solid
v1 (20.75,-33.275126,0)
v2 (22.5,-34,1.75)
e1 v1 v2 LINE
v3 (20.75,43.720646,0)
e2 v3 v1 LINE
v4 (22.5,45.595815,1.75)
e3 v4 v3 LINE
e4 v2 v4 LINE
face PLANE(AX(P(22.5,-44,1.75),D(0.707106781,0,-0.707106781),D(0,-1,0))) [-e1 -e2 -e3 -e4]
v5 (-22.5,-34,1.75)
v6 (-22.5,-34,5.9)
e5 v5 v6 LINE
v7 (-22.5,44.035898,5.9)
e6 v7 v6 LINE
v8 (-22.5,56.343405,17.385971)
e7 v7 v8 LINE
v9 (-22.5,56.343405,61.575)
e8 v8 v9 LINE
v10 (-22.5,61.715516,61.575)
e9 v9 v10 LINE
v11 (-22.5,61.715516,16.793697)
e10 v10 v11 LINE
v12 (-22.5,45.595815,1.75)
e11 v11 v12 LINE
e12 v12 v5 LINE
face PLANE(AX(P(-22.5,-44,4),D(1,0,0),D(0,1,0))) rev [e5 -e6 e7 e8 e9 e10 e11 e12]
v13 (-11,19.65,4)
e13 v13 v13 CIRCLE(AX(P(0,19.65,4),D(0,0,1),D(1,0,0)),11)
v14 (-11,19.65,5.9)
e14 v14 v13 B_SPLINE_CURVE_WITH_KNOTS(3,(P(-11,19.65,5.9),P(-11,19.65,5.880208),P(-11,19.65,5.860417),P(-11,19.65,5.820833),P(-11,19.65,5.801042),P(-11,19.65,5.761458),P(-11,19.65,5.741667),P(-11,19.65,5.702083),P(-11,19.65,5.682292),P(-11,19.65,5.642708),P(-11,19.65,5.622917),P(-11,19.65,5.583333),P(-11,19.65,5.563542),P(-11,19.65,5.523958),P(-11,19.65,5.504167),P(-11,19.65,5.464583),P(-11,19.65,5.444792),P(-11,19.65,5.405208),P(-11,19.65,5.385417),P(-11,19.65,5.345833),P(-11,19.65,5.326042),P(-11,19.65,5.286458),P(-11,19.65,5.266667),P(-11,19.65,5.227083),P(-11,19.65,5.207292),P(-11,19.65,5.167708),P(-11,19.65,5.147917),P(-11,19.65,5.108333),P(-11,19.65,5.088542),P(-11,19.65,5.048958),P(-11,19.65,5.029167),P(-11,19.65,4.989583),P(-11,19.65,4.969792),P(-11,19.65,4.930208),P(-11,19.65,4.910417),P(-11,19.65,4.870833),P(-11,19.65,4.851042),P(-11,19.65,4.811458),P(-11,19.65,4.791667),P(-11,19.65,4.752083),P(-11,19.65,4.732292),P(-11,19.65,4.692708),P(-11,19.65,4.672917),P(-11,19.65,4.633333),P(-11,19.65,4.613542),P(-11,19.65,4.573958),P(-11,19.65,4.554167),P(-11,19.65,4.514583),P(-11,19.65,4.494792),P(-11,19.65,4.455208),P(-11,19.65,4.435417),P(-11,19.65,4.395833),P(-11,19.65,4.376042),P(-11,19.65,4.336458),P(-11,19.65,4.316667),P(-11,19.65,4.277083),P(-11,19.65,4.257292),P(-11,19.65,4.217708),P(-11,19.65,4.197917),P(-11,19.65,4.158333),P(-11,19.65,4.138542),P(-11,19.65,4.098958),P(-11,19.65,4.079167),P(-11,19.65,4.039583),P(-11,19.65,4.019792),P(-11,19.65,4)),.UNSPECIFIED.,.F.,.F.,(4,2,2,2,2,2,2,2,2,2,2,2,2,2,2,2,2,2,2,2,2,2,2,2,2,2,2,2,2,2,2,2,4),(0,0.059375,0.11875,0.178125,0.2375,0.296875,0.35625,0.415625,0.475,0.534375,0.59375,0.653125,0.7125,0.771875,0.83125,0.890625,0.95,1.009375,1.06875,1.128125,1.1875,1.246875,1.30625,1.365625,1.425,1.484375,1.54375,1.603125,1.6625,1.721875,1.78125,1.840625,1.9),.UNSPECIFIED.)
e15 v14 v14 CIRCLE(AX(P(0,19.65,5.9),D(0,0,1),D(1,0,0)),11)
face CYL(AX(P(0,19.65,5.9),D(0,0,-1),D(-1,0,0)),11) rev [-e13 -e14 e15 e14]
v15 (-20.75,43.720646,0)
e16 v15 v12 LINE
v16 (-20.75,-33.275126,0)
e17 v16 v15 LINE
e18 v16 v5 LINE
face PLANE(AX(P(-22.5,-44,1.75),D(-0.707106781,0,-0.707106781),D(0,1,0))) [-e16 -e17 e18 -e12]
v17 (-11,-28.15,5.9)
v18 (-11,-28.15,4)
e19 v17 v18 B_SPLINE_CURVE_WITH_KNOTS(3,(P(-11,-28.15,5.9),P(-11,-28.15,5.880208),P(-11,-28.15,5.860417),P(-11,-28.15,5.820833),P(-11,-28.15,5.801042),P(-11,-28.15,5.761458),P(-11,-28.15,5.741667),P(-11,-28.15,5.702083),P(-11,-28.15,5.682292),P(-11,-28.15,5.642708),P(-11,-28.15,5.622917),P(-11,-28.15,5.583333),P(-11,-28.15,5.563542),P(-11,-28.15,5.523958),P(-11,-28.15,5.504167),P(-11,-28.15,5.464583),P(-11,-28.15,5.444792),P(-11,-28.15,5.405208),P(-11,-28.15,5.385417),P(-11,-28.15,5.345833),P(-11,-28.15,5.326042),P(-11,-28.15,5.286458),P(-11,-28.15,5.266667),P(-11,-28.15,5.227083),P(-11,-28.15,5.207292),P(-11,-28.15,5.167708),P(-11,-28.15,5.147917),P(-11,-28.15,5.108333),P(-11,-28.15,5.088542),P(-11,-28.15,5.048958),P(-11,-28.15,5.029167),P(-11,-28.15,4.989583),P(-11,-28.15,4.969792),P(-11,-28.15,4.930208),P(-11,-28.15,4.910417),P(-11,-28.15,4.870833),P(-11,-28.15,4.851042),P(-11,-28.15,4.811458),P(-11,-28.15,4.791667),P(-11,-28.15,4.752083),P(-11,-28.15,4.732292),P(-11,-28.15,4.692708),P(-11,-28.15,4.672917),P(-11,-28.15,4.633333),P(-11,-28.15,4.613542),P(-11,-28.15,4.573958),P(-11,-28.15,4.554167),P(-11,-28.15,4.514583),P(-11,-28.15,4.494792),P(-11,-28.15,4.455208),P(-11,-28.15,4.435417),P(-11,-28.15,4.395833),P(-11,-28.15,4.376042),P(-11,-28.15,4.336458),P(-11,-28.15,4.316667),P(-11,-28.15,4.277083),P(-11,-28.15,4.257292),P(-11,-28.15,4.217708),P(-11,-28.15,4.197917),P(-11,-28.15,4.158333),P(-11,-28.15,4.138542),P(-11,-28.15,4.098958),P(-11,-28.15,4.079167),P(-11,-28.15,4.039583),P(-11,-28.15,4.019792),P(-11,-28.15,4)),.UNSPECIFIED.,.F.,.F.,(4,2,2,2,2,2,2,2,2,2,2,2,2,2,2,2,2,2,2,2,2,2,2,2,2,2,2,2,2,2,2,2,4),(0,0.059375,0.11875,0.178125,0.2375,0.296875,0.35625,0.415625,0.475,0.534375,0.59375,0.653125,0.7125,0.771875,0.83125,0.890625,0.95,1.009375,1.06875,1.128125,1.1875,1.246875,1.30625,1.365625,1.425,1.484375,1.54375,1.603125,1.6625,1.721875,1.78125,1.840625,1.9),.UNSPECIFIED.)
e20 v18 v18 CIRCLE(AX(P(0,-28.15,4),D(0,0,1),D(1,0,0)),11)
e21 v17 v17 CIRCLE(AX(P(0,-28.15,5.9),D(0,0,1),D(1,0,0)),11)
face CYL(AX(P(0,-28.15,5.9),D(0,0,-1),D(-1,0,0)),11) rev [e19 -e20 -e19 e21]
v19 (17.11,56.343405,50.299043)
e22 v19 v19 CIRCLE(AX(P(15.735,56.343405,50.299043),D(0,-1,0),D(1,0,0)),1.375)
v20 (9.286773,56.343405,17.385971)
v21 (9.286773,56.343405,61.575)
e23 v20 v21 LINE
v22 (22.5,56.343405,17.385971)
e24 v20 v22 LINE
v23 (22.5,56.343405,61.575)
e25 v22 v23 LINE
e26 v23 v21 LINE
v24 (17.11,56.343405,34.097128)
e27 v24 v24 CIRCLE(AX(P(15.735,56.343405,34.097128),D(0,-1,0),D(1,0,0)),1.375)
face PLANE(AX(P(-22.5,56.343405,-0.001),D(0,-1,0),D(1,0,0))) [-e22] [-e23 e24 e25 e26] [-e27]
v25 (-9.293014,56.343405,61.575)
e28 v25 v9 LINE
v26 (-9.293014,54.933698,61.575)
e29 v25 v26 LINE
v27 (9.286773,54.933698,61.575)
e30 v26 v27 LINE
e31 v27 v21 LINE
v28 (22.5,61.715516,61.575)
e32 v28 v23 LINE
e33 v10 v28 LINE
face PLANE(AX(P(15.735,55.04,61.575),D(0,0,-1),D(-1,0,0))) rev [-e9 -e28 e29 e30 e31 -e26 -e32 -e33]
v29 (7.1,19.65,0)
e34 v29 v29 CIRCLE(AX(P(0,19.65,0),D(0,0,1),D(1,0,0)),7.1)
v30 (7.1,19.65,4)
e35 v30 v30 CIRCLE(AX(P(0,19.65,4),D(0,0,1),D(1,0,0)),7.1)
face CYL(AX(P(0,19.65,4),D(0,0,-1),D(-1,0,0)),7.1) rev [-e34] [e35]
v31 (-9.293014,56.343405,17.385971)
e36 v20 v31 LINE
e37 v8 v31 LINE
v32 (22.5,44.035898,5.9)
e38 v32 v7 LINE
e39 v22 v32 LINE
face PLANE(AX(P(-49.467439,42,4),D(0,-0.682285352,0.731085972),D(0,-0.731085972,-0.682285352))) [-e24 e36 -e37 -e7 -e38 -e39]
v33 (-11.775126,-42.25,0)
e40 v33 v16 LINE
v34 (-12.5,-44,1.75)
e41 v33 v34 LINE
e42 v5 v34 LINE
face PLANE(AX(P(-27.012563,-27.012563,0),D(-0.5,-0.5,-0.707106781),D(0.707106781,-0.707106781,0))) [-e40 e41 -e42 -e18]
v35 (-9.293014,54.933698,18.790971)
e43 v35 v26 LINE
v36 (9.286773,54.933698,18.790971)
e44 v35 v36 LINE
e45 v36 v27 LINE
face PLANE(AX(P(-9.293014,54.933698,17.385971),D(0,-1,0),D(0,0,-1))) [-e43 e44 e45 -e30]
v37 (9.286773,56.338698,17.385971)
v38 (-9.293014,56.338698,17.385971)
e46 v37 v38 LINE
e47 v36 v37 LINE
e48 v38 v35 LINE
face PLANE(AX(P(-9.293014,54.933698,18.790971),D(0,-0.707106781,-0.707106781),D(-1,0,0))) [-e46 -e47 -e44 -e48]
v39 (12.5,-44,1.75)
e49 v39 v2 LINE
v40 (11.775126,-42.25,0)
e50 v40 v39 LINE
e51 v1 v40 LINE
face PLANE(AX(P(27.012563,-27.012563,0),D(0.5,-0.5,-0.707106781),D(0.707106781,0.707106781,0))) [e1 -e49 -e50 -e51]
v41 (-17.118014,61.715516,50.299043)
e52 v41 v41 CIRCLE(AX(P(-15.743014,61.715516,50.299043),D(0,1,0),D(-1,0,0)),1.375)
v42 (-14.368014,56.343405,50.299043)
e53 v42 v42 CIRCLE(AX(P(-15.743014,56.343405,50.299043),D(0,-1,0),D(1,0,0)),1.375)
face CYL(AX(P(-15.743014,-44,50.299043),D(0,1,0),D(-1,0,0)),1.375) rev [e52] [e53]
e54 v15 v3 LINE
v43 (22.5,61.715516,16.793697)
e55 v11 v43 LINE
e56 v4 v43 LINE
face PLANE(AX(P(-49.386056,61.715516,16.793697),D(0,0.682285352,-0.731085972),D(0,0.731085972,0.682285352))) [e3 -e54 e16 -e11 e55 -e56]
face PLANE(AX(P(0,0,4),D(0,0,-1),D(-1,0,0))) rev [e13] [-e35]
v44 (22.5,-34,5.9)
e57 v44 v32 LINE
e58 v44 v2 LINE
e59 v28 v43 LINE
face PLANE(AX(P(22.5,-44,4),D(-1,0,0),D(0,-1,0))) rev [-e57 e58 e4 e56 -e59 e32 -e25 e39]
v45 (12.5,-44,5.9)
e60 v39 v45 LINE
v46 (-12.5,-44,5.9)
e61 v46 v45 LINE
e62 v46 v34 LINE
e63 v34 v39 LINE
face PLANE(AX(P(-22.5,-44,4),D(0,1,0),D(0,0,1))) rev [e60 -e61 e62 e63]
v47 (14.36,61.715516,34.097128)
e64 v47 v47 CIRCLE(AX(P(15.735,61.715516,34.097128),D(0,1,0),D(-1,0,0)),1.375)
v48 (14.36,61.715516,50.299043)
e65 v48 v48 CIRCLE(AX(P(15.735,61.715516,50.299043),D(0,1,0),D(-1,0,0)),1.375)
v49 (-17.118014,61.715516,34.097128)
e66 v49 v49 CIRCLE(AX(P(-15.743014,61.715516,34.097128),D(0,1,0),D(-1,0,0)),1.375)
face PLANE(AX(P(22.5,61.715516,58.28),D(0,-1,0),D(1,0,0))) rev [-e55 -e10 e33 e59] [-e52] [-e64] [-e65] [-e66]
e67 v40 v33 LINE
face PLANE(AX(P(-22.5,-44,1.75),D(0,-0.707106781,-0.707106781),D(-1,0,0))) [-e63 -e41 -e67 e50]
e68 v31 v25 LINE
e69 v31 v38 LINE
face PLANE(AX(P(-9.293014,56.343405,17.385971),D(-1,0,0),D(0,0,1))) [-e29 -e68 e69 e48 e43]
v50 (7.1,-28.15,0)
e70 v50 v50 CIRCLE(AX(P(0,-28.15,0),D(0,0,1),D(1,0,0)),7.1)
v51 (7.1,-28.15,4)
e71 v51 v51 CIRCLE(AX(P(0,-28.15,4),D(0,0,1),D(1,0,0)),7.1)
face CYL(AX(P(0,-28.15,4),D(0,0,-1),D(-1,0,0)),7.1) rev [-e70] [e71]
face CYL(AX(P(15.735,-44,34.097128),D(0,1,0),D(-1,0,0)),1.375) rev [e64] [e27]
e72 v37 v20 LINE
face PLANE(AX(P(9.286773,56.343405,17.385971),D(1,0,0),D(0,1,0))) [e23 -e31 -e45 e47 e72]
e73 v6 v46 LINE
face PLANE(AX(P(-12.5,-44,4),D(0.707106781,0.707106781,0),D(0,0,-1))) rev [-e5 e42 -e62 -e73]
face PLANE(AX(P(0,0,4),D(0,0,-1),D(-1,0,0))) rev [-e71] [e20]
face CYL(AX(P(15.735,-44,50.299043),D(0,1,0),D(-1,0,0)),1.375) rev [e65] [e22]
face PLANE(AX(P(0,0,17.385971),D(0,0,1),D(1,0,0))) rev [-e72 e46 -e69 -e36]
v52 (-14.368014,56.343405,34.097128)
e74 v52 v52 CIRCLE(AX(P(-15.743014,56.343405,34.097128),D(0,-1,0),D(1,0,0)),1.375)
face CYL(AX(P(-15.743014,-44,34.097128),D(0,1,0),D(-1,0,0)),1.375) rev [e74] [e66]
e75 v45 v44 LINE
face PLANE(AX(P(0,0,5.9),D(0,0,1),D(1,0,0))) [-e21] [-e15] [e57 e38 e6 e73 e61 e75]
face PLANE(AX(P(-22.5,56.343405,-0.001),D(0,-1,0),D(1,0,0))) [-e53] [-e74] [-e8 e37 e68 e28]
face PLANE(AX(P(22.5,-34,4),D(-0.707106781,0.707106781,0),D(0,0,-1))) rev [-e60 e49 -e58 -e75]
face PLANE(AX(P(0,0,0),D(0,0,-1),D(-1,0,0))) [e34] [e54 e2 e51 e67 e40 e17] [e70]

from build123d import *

# Parameters (mm, degrees)
SKETCH1_W                       = 45
SKETCH1_H                       = 86
SKETCH1_R                       = 7.1
BOSS_EXTRUDE1_DEPTH             = 4
BOSS_EXTRUDE2_DEPTH             = 45
SKETCH3_W                       = 45
SKETCH3_H                       = 5.372111066
BOSS_EXTRUDE3_DEPTH             = 40
BOSS_EXTRUDE3_DIRECTION_2_REACH = 70.185
SKETCH4_W                       = 45
SKETCH4_H                       = 5.372111066
BOSS_EXTRUDE4_DEPTH             = 3.295
SKETCH5_W                       = 18.57978737
SKETCH5_H                       = 1.409707481
BOSS_EXTRUDE5_DEPTH             = 44.189029
CHAMFER2_SIZE                   = 1.405
BOSS_EXTRUDE7_DEPTH             = 45
SKETCH8_R                       = 1.375
CUT_EXTRUDE1_DEPTH              = 125.392527932
CHAMFER3_SIZE                   = 10
CHAMFER4_SIZE                   = 1.75
SKETCH9_R                       = 11
SKETCH9_W                       = 45
SKETCH9_H                       = 4.475285766
BOSS_EXTRUDE8_DEPTH             = 1.9


with BuildPart() as part:
    # Sketch1 → Boss-Extrude1 (new body)
    with BuildSketch(Plane.XY):
        with Locations((0, -1)):
            Rectangle(SKETCH1_W, SKETCH1_H)
        with Locations((0, 19.65)):
            Circle(SKETCH1_R, mode=Mode.SUBTRACT)
        with Locations((0, -28.15)):
            Circle(SKETCH1_R, mode=Mode.SUBTRACT)
    extrude(amount=BOSS_EXTRUDE1_DEPTH)

    # Sketch2 → Boss-Extrude2 (add)
    with BuildSketch(Plane(origin=(22.5, 0, 0), x_dir=(0, 0, -1), z_dir=(1, 0, 0))):
        with BuildLine():
            Line((-4, 42), (-17.385970531, 56.343405204))
            add(Edge.make_bspline(
                [(-18.399488548, 61.71551627), (-17.964102111, 59.93301782), (-17.698797731, 58.135329436), (-17.385970531, 56.343405204)],
                knots=[0.068292811, 0.068292811, 0.068292811, 0.068292811, 0.115576408, 0.115576408, 0.115576408, 0.115576408], degree=3))
            Line((-18.399488548, 61.71551627), (0, 42))
            Line((0, 42), (-4, 42))
        make_face()
    extrude(amount=-BOSS_EXTRUDE2_DEPTH)

    # Sketch3 → Boss-Extrude3 (add)
    with BuildSketch(Plane.XY.offset(18.28)):
        with Locations((0, 59.029460737)):
            Rectangle(SKETCH3_W, SKETCH3_H)
    extrude(amount=BOSS_EXTRUDE3_DEPTH)

    # Sketch3 → Boss-Extrude3 direction 2 (add, up to next)
    with BuildSketch(Plane.XY.offset(18.28), mode=Mode.PRIVATE) as boss_extrude3_direction_2_sk1:
        with Locations((0, 59.029460737)):
            Rectangle(SKETCH3_W, SKETCH3_H)
    boss_extrude3_direction_2_tool1 = extrude(boss_extrude3_direction_2_sk1.sketch, amount=-BOSS_EXTRUDE3_DIRECTION_2_REACH, mode=Mode.PRIVATE) - part.part
    add(boss_extrude3_direction_2_tool1.solids().sort_by_distance((0, 59.029461, 18.28))[0])

    # Sketch4 → Boss-Extrude4 (add)
    with BuildSketch(Plane.XY.offset(58.28)):
        with Locations((0, 59.029460737)):
            Rectangle(SKETCH4_W, SKETCH4_H)
    extrude(amount=BOSS_EXTRUDE4_DEPTH)

    # Sketch5 → Boss-Extrude5 (add)
    with BuildSketch(Plane.XY.offset(61.575)):
        with Locations((-0.00312038, 55.638551464)):
            Rectangle(SKETCH5_W, SKETCH5_H)
    extrude(amount=-BOSS_EXTRUDE5_DEPTH)

    # Chamfer2
    chamfer2_edges = [part.edges().sort_by_distance(p)[0] for p in [
        (-0.00312038, 54.933697723, 17.385971),
    ]]
    chamfer(chamfer2_edges, length=CHAMFER2_SIZE)

    # Sketch7 → Boss-Extrude7 (add)
    with BuildSketch(Plane(origin=(22.5, 0, 0), x_dir=(0, 0, -1), z_dir=(1, 0, 0))):
        Polygon((-18.28, 61.71551627), (-16.793697174, 61.71551627), (0, 43.720645978), (0, 42), (-18.28, 61.587481275), align=None)
    extrude(amount=-BOSS_EXTRUDE7_DEPTH)

    # Sketch8 → Cut-Extrude1 (cut, through all)
    with BuildSketch(Plane(origin=(0, 61.71551627, 0), x_dir=(1, 0, 0), z_dir=(0, 1, 0))):
        with Locations(Location((15.735, -50.299042534, 0), (0, 0, 180))):
            Circle(SKETCH8_R)
        with Locations(Location((15.735, -34.097127603, 0), (0, 0, 180))):
            Circle(SKETCH8_R)
        with Locations(Location((-15.743014065, -34.097127603, 0), (0, 0, 180))):
            Circle(SKETCH8_R)
        with Locations(Location((-15.743014065, -50.299042534, 0), (0, 0, 180))):
            Circle(SKETCH8_R)
    extrude(amount=-CUT_EXTRUDE1_DEPTH, mode=Mode.SUBTRACT)

    # Chamfer3
    chamfer3_edges = [part.edges().sort_by_distance(p)[0] for p in [
        (22.5, -44, 2),
        (-22.5, -44, 2),
    ]]
    chamfer(chamfer3_edges, length=CHAMFER3_SIZE)

    # Chamfer4
    chamfer4_edges = [part.edges().sort_by_distance(p)[0] for p in [
        (22.5, 4.860322989, 0),
        (0, -44, 0),
        (-17.5, -39, 0),
        (17.5, -39, 0),
        (-22.5, 4.860322989, 0),
    ]]
    chamfer(chamfer4_edges, length=CHAMFER4_SIZE)

    # Sketch9 → Boss-Extrude8 (add)
    # profile 1 of 2: a face of its own
    with BuildSketch(Plane.XY.offset(4)):
        Polygon((-22.5, -34), (-12.5, -44), (12.5, -44), (22.5, -34), (22.5, 42), (-22.5, 42), align=None)
        with Locations(Location((0, -28.15, 0), (0, 0, 180))):
            Circle(SKETCH9_R, mode=Mode.SUBTRACT)
        with Locations(Location((0, 19.65, 0), (0, 0, 180))):
            Circle(SKETCH9_R, mode=Mode.SUBTRACT)
    # profile 2 of 2: a face of its own
    with BuildSketch(Plane.XY.offset(4)):
        with Locations((0, 44.237642883)):
            Rectangle(SKETCH9_W, SKETCH9_H)
    extrude(amount=BOSS_EXTRUDE8_DEPTH)


solid = part.part
